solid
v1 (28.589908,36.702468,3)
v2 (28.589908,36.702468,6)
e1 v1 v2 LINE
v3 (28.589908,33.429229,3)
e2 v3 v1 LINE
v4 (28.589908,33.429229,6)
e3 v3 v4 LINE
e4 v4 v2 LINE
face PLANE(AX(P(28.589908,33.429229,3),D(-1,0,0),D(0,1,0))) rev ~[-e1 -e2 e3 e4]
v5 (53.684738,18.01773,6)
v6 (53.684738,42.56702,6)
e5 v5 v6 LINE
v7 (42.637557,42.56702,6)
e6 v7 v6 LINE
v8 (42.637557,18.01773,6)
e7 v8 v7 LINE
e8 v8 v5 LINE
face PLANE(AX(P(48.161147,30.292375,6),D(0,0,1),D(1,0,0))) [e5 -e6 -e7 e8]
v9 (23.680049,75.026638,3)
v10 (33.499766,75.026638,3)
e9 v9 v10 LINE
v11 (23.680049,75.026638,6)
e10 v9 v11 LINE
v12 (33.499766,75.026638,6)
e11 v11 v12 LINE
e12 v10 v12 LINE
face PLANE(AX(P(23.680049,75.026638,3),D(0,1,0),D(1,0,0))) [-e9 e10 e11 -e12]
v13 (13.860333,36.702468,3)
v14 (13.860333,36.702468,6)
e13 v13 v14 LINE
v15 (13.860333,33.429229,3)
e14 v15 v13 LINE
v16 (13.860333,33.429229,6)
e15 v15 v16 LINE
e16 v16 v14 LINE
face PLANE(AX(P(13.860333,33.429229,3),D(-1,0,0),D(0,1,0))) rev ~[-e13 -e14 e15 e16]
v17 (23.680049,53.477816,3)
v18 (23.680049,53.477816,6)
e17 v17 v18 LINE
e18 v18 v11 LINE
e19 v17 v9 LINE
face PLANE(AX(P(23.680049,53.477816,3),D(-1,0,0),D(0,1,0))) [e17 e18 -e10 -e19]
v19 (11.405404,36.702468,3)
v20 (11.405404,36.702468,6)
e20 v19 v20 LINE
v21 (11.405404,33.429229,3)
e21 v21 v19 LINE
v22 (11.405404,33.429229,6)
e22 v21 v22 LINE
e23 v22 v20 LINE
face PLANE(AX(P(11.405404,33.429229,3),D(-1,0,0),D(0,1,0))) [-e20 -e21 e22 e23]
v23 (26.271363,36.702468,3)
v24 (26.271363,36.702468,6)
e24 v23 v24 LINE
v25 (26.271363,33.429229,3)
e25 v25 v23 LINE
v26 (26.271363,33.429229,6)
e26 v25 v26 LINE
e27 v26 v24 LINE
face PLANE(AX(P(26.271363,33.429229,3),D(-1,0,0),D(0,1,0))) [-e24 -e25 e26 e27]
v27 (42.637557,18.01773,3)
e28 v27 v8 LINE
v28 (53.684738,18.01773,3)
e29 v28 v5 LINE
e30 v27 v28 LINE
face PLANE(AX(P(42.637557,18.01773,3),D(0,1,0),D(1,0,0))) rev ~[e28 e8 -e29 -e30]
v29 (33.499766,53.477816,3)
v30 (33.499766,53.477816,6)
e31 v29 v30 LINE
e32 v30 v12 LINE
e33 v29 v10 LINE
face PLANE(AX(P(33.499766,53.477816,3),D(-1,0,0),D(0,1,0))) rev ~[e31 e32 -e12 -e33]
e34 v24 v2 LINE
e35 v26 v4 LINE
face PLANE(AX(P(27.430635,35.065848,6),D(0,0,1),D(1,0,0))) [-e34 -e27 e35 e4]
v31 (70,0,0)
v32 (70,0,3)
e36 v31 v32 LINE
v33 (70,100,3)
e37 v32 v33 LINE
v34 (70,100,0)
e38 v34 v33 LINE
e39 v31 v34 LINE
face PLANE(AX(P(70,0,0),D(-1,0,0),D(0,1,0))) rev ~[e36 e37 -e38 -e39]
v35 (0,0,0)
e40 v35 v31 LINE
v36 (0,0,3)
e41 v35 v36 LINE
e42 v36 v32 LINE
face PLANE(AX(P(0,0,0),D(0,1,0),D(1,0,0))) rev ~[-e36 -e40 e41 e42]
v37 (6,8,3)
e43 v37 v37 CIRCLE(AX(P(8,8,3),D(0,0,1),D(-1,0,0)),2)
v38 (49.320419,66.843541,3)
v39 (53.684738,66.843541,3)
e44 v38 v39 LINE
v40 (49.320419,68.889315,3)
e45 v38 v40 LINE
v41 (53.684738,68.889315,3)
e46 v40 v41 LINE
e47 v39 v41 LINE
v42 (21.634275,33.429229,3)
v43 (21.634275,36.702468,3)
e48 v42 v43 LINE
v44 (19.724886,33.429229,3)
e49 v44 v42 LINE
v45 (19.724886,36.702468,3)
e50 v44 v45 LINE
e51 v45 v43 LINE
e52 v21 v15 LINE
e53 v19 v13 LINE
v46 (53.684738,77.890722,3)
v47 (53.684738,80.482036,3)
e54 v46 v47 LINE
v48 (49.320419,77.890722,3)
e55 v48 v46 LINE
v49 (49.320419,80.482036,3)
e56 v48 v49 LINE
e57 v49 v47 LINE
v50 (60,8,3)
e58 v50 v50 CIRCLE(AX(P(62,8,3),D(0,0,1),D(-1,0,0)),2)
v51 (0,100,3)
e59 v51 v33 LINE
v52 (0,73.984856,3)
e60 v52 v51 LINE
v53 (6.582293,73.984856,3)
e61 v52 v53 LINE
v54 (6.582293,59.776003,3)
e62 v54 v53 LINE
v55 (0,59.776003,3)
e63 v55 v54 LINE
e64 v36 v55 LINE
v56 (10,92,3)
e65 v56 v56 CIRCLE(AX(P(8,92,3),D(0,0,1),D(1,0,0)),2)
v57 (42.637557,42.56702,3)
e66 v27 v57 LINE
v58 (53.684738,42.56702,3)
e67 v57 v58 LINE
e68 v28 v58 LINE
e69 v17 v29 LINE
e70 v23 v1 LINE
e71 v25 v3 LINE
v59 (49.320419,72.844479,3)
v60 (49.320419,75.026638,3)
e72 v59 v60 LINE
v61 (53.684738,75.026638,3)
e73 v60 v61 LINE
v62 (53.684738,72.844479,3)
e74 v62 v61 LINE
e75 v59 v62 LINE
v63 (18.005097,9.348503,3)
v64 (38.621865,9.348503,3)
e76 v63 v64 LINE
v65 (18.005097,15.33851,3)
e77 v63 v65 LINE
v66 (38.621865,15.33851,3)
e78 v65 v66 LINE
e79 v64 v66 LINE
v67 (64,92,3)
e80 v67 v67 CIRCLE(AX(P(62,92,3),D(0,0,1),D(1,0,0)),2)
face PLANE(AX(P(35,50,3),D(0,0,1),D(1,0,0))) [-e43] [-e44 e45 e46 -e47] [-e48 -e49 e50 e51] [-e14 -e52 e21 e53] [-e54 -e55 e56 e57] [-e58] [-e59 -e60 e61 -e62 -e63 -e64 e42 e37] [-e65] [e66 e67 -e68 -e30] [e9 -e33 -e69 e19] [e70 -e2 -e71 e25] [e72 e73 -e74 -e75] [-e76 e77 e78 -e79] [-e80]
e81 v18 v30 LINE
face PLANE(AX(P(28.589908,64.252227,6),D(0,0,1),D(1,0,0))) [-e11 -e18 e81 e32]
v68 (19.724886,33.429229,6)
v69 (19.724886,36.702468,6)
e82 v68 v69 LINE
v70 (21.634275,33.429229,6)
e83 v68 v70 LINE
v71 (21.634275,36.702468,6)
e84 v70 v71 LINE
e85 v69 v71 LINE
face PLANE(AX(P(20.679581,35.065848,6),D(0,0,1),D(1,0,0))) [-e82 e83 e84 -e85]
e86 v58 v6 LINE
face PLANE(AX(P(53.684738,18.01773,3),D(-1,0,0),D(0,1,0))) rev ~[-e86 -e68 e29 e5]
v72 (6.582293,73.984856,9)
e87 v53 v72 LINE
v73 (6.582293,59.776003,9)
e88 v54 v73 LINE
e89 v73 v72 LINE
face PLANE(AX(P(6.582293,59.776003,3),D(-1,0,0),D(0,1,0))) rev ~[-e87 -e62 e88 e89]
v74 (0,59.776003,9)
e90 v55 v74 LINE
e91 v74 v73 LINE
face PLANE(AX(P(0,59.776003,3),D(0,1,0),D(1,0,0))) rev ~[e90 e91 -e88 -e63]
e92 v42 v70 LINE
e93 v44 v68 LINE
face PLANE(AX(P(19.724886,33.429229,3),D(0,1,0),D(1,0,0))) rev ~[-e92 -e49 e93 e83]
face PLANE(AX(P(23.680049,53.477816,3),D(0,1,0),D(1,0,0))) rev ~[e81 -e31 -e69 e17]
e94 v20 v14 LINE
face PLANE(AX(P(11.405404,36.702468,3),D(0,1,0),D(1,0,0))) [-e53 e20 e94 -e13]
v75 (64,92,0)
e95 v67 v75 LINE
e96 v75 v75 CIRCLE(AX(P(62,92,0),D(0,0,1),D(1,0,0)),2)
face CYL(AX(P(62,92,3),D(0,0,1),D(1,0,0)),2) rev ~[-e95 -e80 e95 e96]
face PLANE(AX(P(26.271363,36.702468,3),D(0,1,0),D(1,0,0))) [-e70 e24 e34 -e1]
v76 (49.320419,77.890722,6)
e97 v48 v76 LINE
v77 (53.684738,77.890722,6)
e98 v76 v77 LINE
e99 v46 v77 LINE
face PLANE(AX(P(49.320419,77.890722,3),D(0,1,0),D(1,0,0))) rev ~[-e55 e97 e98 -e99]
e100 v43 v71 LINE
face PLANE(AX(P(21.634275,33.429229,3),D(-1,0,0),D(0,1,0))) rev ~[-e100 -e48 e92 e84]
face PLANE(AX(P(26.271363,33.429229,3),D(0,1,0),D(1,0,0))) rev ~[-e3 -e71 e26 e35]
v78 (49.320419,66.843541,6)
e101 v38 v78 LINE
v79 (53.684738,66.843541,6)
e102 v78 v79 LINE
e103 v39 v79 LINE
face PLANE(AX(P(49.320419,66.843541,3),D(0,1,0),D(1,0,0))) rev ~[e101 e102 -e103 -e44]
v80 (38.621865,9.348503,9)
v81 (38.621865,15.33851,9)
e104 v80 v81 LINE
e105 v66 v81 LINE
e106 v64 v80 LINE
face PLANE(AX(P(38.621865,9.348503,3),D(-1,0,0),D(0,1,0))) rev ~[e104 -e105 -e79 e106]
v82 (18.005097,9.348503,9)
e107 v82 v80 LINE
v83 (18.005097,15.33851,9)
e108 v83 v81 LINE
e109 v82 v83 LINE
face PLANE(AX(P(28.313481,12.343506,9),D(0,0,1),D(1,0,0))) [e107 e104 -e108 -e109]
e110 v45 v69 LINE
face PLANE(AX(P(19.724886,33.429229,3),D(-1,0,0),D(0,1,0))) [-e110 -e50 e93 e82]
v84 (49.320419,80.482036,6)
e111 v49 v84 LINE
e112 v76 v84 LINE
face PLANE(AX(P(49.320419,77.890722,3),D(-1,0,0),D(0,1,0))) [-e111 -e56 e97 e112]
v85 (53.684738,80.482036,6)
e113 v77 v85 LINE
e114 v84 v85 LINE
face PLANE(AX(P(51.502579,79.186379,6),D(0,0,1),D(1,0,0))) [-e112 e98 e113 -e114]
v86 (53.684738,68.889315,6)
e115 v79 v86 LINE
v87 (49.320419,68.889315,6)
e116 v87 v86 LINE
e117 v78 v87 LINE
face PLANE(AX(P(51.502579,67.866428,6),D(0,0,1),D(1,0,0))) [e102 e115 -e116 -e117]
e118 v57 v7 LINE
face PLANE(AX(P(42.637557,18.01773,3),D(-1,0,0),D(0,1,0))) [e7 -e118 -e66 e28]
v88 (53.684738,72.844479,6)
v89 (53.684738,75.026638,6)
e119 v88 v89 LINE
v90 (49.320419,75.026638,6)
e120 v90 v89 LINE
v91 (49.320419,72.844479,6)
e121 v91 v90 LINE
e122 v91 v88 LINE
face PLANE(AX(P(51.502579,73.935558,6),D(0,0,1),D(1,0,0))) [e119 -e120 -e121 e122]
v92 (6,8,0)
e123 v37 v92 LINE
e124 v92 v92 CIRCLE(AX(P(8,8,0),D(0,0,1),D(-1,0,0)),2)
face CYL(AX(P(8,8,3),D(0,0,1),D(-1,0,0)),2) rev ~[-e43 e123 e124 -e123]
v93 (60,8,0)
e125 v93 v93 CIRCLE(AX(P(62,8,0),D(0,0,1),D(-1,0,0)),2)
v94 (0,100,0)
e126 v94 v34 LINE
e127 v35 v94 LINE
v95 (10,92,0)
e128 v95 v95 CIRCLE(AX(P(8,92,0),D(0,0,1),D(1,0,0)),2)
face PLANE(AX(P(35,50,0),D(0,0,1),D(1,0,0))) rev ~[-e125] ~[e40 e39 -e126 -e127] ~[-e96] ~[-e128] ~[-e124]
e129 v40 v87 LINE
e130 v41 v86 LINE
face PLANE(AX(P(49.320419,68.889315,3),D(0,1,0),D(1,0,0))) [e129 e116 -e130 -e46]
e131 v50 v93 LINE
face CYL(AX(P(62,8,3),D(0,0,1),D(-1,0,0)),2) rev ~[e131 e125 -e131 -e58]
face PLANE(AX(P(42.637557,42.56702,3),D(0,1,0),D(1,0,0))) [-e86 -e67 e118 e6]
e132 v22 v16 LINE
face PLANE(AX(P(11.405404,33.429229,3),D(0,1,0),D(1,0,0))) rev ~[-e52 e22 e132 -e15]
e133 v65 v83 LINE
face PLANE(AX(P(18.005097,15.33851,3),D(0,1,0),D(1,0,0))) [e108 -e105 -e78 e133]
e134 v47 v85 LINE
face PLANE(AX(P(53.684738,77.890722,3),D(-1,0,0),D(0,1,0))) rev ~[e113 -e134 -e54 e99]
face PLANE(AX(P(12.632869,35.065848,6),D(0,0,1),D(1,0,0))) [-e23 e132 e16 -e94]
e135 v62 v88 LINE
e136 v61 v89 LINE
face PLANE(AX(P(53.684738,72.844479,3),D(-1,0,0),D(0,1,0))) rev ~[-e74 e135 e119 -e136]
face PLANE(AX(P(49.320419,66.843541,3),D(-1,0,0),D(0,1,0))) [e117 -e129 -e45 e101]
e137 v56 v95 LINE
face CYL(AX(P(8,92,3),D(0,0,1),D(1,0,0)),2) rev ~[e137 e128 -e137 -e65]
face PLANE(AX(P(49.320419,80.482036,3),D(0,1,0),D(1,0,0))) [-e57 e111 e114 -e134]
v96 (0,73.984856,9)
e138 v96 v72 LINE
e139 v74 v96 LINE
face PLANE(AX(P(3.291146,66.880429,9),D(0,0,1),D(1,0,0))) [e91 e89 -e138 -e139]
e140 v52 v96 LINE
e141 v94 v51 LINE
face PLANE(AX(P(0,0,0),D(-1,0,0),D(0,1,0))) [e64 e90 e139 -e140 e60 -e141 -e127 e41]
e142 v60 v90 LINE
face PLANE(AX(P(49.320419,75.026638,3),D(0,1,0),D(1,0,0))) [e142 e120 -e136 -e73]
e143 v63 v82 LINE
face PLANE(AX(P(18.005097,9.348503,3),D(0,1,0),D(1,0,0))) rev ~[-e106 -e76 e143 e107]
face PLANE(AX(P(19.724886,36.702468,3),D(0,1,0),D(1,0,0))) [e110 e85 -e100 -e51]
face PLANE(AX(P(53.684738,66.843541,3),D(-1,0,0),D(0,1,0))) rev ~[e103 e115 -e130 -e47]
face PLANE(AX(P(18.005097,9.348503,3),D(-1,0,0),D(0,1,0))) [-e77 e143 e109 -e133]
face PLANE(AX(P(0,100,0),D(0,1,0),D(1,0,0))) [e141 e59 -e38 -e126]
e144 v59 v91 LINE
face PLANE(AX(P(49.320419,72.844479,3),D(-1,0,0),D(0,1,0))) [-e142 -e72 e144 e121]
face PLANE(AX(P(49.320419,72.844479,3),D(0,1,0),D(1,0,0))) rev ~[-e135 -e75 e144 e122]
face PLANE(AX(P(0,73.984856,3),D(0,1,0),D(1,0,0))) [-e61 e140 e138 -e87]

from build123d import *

# Parameters (mm, degrees)
SKETCH_1_W          = 70
SKETCH_1_H          = 100
EXTRUDE_1_DEPTH     = 3
SKETCH_2_R          = 2
CUT_EXTRUDE_1_DEPTH = 123.102416029
SKETCH_3_W          = 9.819716148
SKETCH_3_H          = 21.548821549
SKETCH_3_W_2        = 11.047180667
SKETCH_3_H_2        = 24.549290372
SKETCH_3_W_3        = 2.454929037
SKETCH_3_H_3        = 3.273238716
SKETCH_3_W_4        = 1.909389251
SKETCH_3_W_5        = 2.318544091
SKETCH_3_W_6        = 4.364318288
SKETCH_3_H_4        = 2.045774198
SKETCH_3_H_5        = 2.182159144
SKETCH_3_H_6        = 2.591313983
EXTRUDE_2_DEPTH     = 3
SKETCH_4_W          = 6.582292946
SKETCH_4_H          = 14.208853527
SKETCH_4_W_2        = 20.616767863
SKETCH_4_H_2        = 5.990006879
EXTRUDE_3_DEPTH     = 6


with BuildPart() as part:
    # Эскиз1 → Бобышка-Вытянуть1 (new body)
    with BuildSketch(Plane.XY):
        with Locations((35, 50)):
            Rectangle(SKETCH_1_W, SKETCH_1_H)
    extrude(amount=EXTRUDE_1_DEPTH)

    # Эскиз2 → Вырез-Вытянуть1 (cut, through all)
    with BuildSketch(Plane.XY.offset(3)):
        with Locations((8, 92)):
            Circle(SKETCH_2_R)
        with Locations((62, 92)):
            Circle(SKETCH_2_R)
        with Locations(Location((62, 8, 0), (0, 0, 180))):
            Circle(SKETCH_2_R)
        with Locations(Location((8, 8, 0), (0, 0, 180))):
            Circle(SKETCH_2_R)
    extrude(amount=-CUT_EXTRUDE_1_DEPTH, mode=Mode.SUBTRACT)

    # Эскиз3 → Бобышка-Вытянуть2 (add)
    with BuildSketch(Plane.XY.offset(3)):
        with Locations((28.589907514, 64.252226911)):
            Rectangle(SKETCH_3_W, SKETCH_3_H)
        with Locations((48.161147339, 30.292375229)):
            Rectangle(SKETCH_3_W_2, SKETCH_3_H_2)
        with Locations((12.632868773, 35.065848357)):
            Rectangle(SKETCH_3_W_3, SKETCH_3_H_3)
        with Locations((20.679580617, 35.065848357)):
            Rectangle(SKETCH_3_W_4, SKETCH_3_H_3)
        with Locations((27.430635469, 35.065848357)):
            Rectangle(SKETCH_3_W_5, SKETCH_3_H_3)
        with Locations((51.502578528, 67.866427993)):
            Rectangle(SKETCH_3_W_6, SKETCH_3_H_4)
        with Locations((51.502578528, 73.935558113)):
            Rectangle(SKETCH_3_W_6, SKETCH_3_H_5)
        with Locations((51.502578528, 79.186378554)):
            Rectangle(SKETCH_3_W_6, SKETCH_3_H_6)
    extrude(amount=EXTRUDE_2_DEPTH)

    # Эскиз4 → Бобышка-Вытянуть3 (add)
    with BuildSketch(Plane.XY.offset(3)):
        with Locations((3.291146473, 66.880429277)):
            Rectangle(SKETCH_4_W, SKETCH_4_H)
        with Locations((28.313480694, 12.343506182)):
            Rectangle(SKETCH_4_W_2, SKETCH_4_H_2)
    extrude(amount=EXTRUDE_3_DEPTH)


solid = part.part
